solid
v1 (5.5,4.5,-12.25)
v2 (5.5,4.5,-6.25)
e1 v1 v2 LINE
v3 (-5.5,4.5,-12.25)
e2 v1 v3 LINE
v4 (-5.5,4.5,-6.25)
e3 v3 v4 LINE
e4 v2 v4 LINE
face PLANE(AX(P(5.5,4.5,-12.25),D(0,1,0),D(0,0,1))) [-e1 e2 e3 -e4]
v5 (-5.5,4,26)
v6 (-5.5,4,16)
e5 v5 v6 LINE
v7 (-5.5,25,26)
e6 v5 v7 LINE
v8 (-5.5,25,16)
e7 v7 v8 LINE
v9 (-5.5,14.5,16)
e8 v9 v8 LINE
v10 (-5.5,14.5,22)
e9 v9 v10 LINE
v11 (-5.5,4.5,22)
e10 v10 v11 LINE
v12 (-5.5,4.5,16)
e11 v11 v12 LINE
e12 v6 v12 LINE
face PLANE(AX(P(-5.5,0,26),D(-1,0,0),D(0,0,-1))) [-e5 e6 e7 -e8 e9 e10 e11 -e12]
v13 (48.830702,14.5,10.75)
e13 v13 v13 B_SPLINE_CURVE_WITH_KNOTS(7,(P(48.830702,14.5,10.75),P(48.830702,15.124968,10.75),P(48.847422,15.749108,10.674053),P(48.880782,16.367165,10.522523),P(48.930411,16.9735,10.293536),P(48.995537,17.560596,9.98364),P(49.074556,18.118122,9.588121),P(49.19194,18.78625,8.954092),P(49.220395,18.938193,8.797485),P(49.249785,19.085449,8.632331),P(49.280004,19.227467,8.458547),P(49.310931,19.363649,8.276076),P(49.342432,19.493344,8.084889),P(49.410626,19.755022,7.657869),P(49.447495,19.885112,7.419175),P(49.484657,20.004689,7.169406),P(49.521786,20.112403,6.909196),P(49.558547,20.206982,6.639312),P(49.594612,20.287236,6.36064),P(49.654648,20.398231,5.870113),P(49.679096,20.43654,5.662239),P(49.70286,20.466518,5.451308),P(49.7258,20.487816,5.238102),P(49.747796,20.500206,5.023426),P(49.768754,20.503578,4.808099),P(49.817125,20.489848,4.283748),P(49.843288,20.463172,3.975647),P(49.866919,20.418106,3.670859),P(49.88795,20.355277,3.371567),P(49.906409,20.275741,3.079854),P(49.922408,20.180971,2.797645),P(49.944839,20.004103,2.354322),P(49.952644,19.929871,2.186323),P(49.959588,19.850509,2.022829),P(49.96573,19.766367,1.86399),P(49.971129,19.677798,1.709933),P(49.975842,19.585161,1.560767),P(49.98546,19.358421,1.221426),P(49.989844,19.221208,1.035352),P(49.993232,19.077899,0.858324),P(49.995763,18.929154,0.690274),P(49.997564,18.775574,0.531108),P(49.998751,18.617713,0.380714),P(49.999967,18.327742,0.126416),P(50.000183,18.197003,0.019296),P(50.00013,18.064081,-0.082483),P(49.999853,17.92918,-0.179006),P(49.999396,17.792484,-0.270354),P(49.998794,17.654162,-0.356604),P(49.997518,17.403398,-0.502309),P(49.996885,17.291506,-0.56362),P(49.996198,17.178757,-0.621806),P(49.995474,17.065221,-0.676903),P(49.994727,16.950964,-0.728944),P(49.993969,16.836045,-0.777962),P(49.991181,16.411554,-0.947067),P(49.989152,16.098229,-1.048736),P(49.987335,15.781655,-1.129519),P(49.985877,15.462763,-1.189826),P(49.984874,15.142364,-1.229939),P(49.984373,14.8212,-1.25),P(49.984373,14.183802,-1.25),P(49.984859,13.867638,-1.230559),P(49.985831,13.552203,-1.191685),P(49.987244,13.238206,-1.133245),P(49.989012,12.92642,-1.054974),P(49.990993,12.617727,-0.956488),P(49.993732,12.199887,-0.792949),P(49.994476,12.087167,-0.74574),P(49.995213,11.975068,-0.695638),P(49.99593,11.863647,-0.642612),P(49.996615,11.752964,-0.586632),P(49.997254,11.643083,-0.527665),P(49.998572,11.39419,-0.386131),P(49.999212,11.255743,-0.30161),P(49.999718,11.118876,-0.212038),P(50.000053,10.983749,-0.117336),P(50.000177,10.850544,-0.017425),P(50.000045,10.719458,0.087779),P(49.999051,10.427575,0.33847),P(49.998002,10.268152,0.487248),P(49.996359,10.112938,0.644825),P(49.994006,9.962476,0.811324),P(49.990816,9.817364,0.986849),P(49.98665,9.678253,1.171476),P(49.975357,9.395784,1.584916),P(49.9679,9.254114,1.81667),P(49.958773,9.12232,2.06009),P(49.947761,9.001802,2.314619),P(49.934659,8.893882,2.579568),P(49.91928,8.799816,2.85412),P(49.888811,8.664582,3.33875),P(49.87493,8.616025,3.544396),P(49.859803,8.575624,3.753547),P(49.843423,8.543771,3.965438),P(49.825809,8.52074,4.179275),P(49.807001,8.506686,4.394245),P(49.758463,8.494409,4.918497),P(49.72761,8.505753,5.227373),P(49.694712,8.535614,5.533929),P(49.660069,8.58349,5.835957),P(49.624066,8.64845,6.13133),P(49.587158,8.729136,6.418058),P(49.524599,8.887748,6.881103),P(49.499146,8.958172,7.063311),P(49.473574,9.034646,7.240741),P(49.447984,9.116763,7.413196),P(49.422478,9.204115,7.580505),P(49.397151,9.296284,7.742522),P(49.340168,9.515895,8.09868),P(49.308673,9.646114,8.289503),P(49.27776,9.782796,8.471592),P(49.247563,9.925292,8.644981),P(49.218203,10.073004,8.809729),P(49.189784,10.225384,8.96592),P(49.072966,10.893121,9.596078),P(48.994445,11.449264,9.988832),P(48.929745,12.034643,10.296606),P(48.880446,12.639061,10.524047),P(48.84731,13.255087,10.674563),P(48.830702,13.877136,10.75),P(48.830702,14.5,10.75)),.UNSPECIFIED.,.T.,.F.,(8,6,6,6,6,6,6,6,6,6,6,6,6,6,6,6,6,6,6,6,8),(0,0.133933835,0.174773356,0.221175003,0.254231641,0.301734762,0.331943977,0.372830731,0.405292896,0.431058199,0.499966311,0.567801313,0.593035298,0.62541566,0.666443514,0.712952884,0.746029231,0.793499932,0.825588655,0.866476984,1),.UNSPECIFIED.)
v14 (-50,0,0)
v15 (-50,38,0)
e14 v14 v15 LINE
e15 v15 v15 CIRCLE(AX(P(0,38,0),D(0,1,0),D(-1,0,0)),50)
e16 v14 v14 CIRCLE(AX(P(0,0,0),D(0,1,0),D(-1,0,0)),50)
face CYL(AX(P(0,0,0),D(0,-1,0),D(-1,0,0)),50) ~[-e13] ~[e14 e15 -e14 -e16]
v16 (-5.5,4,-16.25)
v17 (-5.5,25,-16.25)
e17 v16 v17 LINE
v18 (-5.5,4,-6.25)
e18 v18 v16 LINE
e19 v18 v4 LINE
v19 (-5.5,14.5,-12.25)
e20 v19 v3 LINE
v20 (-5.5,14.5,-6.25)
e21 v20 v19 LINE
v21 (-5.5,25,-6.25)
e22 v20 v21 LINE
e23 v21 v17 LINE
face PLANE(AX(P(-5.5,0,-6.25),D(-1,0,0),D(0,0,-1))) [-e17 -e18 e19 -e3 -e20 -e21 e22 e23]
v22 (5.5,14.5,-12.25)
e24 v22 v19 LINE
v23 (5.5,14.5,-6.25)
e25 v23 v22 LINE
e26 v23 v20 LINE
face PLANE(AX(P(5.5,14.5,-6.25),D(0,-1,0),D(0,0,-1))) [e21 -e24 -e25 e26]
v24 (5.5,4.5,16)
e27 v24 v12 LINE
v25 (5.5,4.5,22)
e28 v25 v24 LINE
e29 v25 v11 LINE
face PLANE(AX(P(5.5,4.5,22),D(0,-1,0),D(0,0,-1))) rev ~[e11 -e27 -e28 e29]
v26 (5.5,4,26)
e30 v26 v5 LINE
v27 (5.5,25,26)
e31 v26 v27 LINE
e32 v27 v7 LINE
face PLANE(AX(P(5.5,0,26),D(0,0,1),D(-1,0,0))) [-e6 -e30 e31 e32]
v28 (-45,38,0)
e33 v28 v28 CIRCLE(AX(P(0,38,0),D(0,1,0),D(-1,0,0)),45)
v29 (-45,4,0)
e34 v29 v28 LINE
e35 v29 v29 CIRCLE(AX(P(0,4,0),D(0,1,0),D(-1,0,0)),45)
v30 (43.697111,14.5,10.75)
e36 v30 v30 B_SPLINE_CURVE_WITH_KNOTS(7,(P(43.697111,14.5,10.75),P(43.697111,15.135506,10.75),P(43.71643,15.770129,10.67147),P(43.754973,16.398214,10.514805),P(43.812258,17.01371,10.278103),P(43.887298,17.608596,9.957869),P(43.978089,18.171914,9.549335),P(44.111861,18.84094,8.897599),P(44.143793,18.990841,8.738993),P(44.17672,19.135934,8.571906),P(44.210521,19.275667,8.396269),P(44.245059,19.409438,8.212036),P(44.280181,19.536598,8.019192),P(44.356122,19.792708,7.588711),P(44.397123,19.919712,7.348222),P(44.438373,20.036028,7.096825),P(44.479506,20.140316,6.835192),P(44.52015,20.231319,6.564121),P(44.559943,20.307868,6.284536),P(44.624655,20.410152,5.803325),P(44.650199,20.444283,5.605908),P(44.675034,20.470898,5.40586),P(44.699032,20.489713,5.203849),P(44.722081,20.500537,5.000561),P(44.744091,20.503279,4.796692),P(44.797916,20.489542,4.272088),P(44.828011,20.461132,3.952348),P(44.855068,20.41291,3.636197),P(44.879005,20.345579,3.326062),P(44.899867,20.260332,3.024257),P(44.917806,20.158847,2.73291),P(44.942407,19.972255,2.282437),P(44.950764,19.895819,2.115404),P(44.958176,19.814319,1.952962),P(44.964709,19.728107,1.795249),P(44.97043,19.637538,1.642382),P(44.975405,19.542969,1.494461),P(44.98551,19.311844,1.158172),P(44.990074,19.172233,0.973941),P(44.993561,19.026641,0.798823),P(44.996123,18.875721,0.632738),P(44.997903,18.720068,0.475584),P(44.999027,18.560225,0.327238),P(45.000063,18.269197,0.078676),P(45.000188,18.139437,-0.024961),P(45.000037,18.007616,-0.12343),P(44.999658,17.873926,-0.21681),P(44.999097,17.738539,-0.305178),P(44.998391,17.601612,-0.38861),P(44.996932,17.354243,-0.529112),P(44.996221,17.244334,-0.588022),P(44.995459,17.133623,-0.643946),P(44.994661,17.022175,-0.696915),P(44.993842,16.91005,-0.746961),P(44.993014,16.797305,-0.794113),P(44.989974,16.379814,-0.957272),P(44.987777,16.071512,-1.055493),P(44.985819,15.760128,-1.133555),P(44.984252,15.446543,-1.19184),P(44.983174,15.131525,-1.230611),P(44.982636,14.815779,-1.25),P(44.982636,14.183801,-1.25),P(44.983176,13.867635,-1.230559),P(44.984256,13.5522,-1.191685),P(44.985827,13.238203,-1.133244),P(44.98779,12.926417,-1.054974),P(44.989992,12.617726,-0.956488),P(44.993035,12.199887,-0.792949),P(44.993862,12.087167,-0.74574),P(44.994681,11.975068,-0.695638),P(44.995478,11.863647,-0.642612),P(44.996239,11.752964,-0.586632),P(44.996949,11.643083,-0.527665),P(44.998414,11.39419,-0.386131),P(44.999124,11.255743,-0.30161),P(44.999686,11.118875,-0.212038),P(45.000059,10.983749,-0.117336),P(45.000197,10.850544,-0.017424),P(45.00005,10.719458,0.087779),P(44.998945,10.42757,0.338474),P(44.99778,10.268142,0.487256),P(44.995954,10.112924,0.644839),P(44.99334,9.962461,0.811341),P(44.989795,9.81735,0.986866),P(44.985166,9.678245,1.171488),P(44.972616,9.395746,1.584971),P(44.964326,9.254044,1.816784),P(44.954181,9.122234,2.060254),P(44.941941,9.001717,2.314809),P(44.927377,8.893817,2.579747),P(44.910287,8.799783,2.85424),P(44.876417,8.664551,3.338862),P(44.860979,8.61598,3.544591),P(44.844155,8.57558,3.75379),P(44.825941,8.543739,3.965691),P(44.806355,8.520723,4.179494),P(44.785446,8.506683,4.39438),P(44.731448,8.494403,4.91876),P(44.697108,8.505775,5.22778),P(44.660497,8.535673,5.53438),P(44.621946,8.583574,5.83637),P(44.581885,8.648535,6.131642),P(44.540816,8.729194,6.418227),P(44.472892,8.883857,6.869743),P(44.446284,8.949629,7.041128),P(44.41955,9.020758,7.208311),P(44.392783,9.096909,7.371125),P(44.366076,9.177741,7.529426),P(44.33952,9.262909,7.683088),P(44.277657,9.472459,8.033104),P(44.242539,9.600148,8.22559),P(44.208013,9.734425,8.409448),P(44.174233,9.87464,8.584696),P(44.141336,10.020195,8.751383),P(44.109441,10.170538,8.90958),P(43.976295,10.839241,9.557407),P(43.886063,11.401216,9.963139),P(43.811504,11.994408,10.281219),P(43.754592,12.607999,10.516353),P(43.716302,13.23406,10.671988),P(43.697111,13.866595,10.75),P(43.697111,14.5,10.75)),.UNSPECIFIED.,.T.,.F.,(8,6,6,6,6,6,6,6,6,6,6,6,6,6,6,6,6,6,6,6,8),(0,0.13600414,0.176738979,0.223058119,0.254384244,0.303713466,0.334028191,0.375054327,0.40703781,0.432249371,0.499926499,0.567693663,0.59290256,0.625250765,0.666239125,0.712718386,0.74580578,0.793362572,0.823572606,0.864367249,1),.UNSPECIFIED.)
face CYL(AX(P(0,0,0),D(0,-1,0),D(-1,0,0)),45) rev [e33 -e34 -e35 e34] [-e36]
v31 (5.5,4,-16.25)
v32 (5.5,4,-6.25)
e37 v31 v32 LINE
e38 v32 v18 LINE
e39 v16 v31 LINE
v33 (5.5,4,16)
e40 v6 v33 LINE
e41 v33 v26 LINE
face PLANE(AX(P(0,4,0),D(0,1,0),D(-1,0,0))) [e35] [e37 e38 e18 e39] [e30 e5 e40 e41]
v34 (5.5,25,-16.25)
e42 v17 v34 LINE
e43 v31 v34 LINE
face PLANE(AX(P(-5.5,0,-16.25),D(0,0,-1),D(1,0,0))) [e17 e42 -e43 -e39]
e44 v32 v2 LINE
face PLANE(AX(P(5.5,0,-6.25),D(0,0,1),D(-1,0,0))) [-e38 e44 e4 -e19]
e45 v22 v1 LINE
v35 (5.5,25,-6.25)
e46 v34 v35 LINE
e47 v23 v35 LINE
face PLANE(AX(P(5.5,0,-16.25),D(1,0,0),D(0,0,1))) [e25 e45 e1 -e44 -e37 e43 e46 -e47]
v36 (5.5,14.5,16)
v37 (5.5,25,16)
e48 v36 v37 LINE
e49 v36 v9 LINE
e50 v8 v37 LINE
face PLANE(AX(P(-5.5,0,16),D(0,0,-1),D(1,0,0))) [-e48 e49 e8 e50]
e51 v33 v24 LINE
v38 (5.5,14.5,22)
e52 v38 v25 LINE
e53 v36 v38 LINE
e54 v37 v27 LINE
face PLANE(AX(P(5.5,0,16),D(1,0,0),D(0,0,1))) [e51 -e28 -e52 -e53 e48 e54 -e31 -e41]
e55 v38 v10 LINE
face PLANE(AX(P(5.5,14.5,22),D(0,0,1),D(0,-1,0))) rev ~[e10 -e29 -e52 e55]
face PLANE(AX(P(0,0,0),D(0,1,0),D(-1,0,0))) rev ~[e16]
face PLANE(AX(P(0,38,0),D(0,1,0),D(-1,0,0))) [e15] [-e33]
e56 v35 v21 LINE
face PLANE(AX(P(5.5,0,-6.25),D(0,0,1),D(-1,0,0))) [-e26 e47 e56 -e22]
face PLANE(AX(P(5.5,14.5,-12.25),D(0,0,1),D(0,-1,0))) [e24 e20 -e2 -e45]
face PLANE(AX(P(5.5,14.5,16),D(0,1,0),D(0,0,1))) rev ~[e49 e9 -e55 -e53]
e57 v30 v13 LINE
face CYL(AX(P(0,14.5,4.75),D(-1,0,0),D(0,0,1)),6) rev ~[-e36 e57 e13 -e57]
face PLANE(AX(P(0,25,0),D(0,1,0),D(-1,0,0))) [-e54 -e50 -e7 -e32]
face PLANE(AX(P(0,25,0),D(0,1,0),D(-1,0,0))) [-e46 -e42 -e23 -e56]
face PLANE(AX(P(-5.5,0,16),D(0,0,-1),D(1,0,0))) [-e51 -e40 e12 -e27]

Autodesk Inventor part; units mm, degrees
ref_plane "YZ Plane" through (0, 0, 0) normal (1, 0, 0) x (0, 1, 0)
ref_plane "XZ Plane" through (0, 0, 0) normal (0, 1, 0) x (-1, 0, 0)
ref_plane "XY Plane" through (0, 0, 0) normal (0, 0, 1) x (1, 0, 0)
sketch "Szkic1" plane through (0, 0, 0) normal (0, 1, 0) x (-1, 0, 0)
  circle A0 centre (0, 0) radius 50
  circle A1 centre (0, 0) radius 45
  line L0 (-5.5, 26) -> (5.5, 26)
  line L1 (5.5, 26) -> (5.5, 16)
  line L2 (5.5, 16) -> (-5.5, 16)
  line L3 (-5.5, 16) -> (-5.5, 26)
  line L4 (-5.5, 26) -> (5.5, 16) construction
  line L5 (5.5, 26) -> (-5.5, 16) construction
  line L6 (-5.5, -6.25) -> (5.5, -6.25)
  line L7 (5.5, -6.25) -> (5.5, -16.25)
  line L8 (5.5, -16.25) -> (-5.5, -16.25)
  line L9 (-5.5, -16.25) -> (-5.5, -6.25)
  line L10 (-5.5, -6.25) -> (5.5, -16.25) construction
  line L11 (5.5, -6.25) -> (-5.5, -16.25) construction
  point P0 (0, 21)
  point P1 (0, -11.25)
  point P2 (0, 16)
  dimension "d0" = 100
  dimension "d1" = 90
  dimension "d2" = 11
  dimension "d3" = 10
  dimension "d4" = 11
  dimension "d5" = 10
  dimension "d6" = 6.25
  dimension "d7" = 16
extrude "Wyciągnięcie proste1" add sketch "Szkic1" along normal blind 25 contours L0 L1 L2 L3 | L6 L7 L8 L9
extrude "Wyciągnięcie proste2" add sketch "Szkic1" along normal blind 38 contours A0
extrude "Wyciągnięcie proste3" add sketch "Szkic1" along normal blind 4 contours A1
sketch "Szkic2" plane through (5.5, 25, 26) normal (1, 0, 0) x (0, 0, -1)
  line L0 (10, -21) -> (10, 0) projected
  line L1 (10, -10.5) -> (4, -10.5)
  line L2 (4, -10.5) -> (4, -20.5)
  line L3 (4, -20.5) -> (10, -20.5)
  line L4 (10, -20.5) -> (10, -10.5)
  line L5 (32.25, -21) -> (32.25, 0) projected
  line L6 (32.25, -10.5) -> (38.25, -10.5)
  line L7 (38.25, -10.5) -> (38.25, -20.5)
  line L8 (38.25, -20.5) -> (32.25, -20.5)
  line L9 (32.25, -20.5) -> (32.25, -10.5)
  point P0 (26, -25)
  point P1 (10, -20.5)
  dimension "d14" = 6
  dimension "d15" = 10
  dimension "d16" = 6
  dimension "d17" = 10
extrude "Wyciągnięcie proste4" cut sketch "Szkic2" against normal blind 11
ref_plane "Płaszczyzna konstrukcyjna1" through (0, 25, 16) normal (-1, 0, 0) x (0, 0, 1)
sketch "Szkic3" plane through (0, 25, 16) normal (-1, 0, 0) x (0, 0, 1)
  circle A0 centre (-11.25, -10.5) radius 6
  point P0 (-16, -25)
  dimension "d20" = 12
extrude "Wyciągnięcie proste5" cut sketch "Szkic3" against normal through all
sketch "Szkic4" plane through (0, 0, 0) normal (0, -1, 0) x (1, 0, 0)
  point P0 (0, 0)
properties part number "podstawa roobota_Drukowanie 3D"
